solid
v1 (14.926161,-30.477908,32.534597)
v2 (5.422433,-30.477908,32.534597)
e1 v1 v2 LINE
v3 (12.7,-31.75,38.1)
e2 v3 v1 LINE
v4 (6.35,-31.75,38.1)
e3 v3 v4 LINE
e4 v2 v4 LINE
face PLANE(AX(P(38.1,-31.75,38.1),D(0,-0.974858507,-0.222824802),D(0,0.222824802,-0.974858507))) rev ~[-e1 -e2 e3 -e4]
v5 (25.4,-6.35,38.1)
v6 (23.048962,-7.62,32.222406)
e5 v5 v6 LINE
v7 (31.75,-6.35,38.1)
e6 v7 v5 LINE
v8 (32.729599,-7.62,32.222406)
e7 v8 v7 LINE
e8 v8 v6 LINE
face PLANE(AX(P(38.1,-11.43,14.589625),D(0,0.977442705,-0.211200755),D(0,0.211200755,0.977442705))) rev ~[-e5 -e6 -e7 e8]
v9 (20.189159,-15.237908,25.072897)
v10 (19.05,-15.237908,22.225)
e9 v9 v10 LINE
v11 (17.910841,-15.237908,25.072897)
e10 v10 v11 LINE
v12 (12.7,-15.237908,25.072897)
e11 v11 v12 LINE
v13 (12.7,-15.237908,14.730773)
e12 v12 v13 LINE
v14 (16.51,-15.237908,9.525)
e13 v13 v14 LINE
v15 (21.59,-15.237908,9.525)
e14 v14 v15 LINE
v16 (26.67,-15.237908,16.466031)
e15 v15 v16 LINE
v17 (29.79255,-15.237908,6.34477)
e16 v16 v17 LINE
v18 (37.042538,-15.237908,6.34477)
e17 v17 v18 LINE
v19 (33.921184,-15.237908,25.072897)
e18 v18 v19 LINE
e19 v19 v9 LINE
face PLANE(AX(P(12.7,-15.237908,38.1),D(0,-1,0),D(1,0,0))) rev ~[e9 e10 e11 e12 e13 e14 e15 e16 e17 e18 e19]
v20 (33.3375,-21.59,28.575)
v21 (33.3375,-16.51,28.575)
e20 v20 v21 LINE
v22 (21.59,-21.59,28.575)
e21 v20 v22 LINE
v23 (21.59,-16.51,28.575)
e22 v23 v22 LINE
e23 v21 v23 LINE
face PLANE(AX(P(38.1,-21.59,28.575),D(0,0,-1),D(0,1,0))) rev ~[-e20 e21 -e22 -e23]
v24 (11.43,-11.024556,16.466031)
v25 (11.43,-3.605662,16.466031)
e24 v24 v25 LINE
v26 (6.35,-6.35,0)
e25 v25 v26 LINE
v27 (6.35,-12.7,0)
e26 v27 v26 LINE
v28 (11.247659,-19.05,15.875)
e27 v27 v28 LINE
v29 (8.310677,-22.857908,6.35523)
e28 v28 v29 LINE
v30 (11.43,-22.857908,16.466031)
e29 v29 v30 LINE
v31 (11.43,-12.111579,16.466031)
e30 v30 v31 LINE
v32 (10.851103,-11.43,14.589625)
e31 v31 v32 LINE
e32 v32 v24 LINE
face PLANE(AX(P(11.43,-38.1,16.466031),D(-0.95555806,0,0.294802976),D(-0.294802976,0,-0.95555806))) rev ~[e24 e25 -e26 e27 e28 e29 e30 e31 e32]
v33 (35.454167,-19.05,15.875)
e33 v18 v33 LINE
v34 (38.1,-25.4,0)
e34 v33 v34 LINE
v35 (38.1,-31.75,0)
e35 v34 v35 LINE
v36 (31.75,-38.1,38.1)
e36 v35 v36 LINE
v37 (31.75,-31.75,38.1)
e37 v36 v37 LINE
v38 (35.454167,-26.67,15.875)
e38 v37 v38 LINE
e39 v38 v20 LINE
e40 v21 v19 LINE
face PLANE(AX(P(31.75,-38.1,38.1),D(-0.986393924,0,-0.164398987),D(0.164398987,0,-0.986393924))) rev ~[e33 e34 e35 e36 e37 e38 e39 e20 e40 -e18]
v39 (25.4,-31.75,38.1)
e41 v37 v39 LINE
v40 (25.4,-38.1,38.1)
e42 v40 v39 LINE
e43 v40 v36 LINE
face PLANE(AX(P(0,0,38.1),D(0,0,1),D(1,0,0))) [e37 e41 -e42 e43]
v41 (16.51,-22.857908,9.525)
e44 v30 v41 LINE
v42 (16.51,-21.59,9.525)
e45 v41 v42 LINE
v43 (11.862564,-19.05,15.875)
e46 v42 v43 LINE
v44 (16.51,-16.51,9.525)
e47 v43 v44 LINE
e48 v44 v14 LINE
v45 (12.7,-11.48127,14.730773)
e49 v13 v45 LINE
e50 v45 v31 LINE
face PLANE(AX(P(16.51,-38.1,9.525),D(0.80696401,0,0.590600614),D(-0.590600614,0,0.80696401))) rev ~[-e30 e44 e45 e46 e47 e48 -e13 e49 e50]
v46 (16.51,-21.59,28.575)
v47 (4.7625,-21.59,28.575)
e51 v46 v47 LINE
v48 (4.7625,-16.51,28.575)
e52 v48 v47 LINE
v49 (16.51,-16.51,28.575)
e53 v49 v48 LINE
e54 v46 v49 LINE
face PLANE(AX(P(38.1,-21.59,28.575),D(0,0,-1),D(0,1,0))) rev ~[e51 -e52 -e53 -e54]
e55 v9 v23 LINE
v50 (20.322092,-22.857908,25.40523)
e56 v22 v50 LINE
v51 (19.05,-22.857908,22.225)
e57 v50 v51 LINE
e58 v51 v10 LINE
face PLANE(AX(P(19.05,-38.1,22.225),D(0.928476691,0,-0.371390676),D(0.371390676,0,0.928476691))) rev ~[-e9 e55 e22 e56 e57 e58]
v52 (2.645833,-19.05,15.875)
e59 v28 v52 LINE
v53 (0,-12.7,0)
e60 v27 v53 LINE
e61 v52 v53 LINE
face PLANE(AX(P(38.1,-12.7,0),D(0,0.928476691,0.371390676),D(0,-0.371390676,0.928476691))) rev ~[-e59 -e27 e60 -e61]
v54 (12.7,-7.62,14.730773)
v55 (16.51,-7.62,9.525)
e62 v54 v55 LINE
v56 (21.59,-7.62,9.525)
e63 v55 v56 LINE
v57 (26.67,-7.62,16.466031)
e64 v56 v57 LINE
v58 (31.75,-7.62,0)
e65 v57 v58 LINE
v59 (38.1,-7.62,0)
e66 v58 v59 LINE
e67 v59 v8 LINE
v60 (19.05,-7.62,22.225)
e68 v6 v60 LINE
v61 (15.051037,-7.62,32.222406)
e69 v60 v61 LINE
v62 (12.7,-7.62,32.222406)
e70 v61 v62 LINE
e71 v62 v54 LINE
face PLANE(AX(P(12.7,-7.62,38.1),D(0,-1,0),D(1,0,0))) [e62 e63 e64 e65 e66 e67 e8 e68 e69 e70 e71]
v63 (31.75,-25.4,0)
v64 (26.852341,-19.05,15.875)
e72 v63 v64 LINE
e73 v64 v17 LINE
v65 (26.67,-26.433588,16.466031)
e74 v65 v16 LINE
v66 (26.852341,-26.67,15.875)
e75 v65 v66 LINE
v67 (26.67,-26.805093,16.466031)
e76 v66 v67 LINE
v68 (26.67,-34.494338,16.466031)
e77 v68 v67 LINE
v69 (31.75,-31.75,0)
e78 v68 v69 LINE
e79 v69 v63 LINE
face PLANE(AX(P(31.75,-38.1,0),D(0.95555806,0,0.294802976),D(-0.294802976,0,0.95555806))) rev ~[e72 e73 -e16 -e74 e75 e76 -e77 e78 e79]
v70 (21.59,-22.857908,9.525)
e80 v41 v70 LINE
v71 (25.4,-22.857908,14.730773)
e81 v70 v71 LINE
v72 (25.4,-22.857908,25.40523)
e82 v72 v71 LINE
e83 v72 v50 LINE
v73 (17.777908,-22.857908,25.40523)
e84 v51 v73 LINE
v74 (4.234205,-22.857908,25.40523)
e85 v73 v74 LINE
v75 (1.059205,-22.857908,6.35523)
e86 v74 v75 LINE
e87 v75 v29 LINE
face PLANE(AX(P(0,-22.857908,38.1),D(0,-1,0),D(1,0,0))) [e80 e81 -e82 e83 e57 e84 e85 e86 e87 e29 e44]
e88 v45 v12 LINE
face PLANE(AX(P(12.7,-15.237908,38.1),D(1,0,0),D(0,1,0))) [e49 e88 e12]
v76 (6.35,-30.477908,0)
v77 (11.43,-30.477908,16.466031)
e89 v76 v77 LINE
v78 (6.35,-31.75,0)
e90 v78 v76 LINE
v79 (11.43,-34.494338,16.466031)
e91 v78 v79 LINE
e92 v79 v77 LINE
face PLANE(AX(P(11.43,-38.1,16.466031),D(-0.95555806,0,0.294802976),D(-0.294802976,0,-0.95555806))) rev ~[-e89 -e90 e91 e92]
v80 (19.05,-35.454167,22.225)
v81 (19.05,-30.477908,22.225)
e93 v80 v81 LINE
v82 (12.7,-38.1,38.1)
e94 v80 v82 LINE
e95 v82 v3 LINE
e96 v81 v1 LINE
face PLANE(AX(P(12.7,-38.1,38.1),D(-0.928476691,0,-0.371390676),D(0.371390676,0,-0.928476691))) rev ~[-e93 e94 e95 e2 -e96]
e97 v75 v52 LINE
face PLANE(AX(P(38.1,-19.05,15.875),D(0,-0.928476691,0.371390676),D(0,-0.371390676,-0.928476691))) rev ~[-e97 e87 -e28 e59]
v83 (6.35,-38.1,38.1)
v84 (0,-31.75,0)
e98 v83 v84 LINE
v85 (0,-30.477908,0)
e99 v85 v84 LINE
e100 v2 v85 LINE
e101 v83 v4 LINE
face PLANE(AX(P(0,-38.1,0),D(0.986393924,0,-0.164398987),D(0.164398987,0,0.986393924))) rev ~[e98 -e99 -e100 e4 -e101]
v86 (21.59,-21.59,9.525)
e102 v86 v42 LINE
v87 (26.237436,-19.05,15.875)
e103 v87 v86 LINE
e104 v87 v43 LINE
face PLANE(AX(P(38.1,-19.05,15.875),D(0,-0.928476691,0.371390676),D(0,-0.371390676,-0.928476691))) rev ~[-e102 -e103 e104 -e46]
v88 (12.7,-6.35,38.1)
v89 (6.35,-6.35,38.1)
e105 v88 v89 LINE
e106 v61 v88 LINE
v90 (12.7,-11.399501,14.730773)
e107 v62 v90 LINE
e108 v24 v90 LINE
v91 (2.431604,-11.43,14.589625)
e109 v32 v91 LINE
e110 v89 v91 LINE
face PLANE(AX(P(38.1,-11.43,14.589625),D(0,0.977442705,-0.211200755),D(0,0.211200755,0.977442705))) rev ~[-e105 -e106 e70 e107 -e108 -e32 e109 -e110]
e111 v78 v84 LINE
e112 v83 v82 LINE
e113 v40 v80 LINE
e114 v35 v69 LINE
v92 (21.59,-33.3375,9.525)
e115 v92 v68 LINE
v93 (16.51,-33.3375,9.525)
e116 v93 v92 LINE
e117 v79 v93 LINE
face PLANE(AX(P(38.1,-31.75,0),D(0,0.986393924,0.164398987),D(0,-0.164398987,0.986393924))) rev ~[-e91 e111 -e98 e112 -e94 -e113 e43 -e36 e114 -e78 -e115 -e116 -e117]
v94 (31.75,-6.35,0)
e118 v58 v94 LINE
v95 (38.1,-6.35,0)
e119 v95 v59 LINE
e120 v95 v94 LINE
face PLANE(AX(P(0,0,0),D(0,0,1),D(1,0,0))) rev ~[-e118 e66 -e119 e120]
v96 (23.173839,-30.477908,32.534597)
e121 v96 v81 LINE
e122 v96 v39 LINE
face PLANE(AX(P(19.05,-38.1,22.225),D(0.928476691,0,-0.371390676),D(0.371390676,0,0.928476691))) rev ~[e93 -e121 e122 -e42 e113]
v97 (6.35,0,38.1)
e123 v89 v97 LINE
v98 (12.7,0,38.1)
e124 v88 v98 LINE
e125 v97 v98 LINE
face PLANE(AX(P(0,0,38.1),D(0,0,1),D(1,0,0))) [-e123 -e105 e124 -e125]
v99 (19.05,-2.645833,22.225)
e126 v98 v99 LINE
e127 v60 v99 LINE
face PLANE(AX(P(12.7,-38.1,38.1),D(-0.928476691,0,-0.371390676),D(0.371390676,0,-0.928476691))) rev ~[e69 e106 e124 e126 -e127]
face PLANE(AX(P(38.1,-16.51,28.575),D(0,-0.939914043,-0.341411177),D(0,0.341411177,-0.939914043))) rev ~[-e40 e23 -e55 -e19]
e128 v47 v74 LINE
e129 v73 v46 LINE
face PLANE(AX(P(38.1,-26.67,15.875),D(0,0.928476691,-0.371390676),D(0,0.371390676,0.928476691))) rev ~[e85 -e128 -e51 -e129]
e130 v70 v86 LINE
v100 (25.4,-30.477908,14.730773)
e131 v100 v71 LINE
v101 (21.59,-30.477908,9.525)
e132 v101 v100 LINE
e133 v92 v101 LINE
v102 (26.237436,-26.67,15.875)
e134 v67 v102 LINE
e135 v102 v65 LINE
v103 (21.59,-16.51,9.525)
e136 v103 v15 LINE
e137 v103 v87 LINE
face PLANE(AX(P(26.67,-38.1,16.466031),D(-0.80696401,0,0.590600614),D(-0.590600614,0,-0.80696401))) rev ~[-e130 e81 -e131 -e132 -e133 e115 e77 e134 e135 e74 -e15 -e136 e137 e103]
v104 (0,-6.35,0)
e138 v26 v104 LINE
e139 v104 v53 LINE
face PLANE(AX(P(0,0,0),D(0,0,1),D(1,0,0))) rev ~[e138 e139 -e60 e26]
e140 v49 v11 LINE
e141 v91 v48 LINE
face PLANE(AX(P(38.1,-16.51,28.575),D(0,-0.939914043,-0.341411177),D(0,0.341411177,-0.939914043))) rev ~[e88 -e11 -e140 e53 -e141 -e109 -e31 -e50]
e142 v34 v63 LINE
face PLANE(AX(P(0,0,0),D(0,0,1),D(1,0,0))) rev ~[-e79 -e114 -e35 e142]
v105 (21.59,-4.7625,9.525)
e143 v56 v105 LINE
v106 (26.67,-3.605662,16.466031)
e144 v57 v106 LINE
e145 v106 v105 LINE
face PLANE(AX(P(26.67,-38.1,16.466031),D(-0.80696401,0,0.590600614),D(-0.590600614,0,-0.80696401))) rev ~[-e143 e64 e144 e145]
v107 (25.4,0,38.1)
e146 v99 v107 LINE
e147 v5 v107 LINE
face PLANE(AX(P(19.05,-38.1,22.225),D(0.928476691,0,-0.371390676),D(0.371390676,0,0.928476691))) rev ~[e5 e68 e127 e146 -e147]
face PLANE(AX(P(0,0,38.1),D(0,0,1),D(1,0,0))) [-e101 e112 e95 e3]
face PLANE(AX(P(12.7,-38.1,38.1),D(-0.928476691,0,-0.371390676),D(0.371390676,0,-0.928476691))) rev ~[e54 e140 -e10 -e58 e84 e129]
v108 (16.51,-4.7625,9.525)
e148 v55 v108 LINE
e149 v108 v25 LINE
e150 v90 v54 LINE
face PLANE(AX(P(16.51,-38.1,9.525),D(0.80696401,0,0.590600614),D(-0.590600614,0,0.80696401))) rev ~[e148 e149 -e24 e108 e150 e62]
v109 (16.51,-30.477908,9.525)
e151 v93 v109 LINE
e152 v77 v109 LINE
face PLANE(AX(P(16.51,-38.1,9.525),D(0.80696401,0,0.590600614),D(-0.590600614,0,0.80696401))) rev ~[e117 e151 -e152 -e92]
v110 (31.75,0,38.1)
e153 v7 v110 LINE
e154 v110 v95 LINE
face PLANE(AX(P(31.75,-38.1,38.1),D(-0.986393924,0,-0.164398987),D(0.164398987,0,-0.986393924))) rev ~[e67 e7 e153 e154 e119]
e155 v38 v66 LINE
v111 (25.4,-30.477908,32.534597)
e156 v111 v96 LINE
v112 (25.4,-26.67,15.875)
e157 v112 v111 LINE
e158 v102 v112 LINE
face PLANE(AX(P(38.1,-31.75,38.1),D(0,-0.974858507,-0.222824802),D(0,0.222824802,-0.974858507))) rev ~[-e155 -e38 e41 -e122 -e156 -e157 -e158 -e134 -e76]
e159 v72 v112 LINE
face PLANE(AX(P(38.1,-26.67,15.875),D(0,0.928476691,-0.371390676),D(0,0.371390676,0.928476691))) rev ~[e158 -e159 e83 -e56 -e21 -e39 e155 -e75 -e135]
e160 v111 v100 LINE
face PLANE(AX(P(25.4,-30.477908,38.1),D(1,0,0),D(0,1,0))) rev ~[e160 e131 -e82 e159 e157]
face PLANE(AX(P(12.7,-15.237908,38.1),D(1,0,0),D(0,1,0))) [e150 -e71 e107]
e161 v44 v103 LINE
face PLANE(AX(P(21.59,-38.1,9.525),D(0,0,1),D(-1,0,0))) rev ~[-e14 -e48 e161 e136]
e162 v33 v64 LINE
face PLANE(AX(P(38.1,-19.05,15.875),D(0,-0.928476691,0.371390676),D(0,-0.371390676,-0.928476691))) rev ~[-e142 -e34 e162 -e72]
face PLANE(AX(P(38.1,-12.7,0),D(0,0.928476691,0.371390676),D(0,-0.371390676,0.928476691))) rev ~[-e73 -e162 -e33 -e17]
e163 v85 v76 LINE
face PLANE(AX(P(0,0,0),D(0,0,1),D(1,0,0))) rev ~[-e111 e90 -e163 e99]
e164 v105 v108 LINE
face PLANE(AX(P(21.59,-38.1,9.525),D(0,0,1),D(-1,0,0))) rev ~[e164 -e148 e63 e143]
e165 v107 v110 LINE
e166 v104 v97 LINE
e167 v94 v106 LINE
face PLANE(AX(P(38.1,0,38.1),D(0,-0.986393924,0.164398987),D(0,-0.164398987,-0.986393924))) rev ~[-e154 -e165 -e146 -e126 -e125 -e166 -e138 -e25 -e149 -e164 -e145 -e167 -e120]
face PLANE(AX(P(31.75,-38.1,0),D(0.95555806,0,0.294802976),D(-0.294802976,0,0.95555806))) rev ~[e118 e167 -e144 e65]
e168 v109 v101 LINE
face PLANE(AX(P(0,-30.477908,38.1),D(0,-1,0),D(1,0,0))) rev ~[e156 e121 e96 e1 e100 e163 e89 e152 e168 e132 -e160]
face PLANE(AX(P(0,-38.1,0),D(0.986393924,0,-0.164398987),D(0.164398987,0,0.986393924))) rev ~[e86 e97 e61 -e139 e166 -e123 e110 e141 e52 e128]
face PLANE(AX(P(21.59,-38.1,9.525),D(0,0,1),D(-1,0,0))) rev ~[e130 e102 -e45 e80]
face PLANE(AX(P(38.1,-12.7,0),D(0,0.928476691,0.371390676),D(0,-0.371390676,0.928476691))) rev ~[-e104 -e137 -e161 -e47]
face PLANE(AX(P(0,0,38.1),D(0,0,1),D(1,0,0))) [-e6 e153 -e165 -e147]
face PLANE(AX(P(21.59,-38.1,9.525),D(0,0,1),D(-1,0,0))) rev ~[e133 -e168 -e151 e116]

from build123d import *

# Parameters (mm, degrees)
F0_W      = 38.1
F0_H      = 38.1
F1_DEPTH  = 38.1
F6_DEPTH  = 38.1
F8_DEPTH  = 38.1
F9_W      = 25.4
F9_H      = 7.617908
F9_H_2    = 7.62
F10_DEPTH = 38.1


with BuildPart() as f1:
    # F0 (on Front) → F1 (new body)
    with BuildSketch(Plane.XZ):
        with Locations((19.05, 19.05)):
            Rectangle(F0_W, F0_H)
    extrude(amount=F1_DEPTH)

    # F5 (on offset) → F6 (cut)
    with BuildSketch(Plane.YZ.offset(38.1)):
        Polygon((-11.43, 14.589625), (-6.35, 38.1), (-31.75, 38.1), (-26.67, 15.875), (-21.59, 28.575), (-16.51, 28.575), align=None)
        Polygon((-31.75, 0), (-38.1, 38.1), (-38.1, 0), align=None)
        Polygon((-25.4, 0), (-12.7, 0), (-19.05, 15.875), align=None)
        Polygon((-6.35, 0), (0, 0), (0, 38.1), align=None)
    extrude(amount=-F6_DEPTH, mode=Mode.SUBTRACT)

    # F7 (on offset) → F8 (cut)
    with BuildSketch(Plane.XZ.offset(38.1)):
        Polygon((0, 38.1), (0, 0), (6.35, 38.1), align=None)
        Polygon((25.4, 38.1), (12.7, 38.1), (19.05, 22.225), align=None)
        Polygon((11.43, 16.466031), (6.35, 0), (31.75, 0), (26.67, 16.466031), (21.59, 9.525), (16.51, 9.525), align=None)
        Polygon((31.75, 38.1), (38.1, 0), (38.1, 38.1), align=None)
    extrude(amount=-F8_DEPTH, mode=Mode.SUBTRACT)

    # F9 (on offset) → F10 (cut)
    with BuildSketch(Plane.XY.offset(38.1)):
        with Locations((25.4, -11.428954)):
            Rectangle(F9_W, F9_H)
        with Locations((12.7, -26.667908)):
            Rectangle(F9_W, F9_H_2)
    extrude(amount=-F10_DEPTH, mode=Mode.SUBTRACT)


solid = f1.part
